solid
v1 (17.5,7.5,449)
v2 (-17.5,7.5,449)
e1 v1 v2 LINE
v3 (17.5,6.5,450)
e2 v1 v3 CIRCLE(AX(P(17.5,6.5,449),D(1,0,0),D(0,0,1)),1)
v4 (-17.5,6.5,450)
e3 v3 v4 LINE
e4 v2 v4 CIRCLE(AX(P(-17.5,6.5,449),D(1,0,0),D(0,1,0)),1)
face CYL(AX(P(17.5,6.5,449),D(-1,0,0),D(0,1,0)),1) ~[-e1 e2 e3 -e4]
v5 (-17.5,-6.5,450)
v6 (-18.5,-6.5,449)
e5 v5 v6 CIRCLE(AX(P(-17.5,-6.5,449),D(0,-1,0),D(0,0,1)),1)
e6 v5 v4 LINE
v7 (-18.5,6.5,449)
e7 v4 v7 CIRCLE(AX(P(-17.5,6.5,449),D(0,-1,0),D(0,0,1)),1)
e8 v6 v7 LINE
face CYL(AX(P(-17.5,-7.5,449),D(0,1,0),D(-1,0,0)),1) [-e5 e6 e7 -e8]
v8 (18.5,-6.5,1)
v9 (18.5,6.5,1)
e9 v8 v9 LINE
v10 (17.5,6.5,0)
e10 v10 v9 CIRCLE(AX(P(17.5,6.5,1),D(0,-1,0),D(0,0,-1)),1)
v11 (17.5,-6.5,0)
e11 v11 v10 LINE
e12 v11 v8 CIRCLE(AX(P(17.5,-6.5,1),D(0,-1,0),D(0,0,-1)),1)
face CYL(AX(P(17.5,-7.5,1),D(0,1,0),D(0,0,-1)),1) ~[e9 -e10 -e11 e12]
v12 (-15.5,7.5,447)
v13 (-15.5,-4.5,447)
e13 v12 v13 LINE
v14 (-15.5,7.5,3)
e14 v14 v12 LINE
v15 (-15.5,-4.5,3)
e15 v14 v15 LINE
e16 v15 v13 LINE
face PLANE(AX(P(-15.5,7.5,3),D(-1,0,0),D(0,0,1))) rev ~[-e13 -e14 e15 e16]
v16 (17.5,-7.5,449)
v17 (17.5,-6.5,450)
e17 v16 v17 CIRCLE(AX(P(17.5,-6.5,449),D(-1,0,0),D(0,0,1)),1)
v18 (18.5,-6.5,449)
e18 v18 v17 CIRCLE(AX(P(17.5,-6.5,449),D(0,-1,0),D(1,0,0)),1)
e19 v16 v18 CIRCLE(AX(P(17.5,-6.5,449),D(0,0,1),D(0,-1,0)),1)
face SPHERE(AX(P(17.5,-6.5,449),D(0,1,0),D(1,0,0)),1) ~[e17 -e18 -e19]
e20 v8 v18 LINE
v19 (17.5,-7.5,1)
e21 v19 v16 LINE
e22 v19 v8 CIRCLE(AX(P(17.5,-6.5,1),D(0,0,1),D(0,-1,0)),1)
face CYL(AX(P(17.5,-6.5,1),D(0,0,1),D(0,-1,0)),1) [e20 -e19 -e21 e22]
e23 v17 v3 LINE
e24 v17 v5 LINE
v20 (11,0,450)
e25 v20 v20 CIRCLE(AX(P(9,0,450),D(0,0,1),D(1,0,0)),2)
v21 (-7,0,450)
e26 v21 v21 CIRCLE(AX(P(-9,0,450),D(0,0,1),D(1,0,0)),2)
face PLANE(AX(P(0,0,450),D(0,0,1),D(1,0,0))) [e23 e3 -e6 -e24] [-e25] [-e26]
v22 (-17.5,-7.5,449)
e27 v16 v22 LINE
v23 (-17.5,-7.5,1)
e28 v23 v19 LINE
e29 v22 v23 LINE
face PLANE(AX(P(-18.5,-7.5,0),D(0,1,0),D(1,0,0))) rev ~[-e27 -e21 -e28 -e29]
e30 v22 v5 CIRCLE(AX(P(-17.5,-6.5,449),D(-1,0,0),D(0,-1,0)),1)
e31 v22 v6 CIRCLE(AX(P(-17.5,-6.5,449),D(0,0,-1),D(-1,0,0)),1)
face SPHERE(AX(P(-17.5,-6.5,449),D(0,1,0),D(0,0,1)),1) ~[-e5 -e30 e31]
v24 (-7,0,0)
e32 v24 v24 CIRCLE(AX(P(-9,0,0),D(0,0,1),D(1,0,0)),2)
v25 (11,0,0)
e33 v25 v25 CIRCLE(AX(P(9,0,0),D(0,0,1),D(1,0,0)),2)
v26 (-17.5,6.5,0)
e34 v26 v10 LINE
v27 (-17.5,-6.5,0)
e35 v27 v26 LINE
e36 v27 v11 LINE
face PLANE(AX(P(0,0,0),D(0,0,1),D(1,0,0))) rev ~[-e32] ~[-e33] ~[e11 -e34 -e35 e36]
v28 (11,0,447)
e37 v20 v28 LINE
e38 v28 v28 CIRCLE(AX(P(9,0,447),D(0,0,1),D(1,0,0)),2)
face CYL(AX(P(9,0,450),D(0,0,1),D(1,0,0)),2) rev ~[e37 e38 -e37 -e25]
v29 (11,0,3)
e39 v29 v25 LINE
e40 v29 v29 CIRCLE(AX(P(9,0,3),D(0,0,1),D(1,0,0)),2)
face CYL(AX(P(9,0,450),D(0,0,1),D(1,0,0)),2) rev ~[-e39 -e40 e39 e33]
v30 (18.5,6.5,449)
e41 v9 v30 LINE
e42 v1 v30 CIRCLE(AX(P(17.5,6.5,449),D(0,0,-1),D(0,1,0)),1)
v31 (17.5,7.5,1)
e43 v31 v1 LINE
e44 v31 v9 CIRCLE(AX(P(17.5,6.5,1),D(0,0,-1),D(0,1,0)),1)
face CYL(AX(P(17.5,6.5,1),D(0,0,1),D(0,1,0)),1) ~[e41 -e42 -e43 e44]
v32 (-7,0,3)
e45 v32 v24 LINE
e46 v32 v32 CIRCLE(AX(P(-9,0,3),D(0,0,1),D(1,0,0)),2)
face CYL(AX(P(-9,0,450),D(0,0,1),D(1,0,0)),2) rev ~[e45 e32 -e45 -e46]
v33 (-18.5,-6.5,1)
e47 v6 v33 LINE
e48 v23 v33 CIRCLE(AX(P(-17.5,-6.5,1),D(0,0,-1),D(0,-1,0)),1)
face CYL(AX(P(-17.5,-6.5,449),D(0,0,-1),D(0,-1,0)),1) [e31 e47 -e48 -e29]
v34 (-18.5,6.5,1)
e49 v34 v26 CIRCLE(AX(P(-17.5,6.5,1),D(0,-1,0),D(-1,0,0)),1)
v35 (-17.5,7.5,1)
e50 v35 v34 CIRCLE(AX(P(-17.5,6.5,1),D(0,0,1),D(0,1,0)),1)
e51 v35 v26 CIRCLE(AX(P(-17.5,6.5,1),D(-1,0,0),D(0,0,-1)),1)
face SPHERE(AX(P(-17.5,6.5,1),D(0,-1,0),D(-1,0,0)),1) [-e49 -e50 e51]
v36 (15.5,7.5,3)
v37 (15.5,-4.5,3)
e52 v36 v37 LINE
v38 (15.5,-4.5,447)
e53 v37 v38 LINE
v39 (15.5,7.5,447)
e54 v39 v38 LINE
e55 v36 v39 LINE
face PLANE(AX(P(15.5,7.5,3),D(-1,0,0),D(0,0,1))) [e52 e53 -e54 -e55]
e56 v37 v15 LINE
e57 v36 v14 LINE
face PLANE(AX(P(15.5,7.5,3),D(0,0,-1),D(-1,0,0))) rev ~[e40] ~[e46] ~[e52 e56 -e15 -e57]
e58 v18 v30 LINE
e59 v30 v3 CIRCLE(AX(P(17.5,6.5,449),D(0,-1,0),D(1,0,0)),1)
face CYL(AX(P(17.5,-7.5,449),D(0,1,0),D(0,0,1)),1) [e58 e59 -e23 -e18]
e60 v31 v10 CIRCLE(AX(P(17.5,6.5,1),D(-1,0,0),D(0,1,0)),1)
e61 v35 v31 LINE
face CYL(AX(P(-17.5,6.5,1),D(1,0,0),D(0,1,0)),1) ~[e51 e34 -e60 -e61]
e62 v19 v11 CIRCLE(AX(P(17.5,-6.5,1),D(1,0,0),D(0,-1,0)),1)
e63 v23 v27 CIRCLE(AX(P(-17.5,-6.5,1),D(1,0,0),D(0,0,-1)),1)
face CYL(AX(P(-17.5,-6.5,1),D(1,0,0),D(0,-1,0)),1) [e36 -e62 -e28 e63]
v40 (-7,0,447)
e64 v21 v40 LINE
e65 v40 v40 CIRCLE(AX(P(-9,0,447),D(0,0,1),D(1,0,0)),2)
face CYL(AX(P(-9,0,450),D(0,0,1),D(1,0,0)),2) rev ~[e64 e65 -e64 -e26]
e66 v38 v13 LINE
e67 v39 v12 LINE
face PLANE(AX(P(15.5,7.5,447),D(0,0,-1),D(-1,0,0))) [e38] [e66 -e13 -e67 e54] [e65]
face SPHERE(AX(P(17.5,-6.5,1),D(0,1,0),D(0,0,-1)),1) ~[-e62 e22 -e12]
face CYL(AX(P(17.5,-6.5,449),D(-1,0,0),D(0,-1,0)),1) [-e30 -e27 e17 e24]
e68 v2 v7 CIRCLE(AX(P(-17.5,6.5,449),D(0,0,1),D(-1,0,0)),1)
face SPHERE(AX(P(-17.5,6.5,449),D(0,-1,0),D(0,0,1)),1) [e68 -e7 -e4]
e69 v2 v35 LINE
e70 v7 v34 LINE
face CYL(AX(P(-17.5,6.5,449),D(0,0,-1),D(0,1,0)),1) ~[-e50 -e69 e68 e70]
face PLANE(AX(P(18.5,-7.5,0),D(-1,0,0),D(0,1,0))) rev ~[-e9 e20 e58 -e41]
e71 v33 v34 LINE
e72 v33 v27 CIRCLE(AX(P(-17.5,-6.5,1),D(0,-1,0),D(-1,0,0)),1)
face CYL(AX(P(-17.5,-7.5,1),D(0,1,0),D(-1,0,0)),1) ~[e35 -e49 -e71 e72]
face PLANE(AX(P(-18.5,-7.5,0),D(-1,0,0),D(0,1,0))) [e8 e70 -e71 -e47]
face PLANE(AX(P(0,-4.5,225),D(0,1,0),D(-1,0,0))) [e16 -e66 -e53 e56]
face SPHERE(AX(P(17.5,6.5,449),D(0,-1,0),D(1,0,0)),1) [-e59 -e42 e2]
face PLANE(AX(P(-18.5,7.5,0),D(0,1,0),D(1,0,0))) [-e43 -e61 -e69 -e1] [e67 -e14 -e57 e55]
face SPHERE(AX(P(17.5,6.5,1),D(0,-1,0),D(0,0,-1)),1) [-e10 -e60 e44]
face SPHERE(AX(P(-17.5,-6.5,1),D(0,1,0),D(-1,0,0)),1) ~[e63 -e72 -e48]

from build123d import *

# Parameters (mm, degrees)
F0_W     = 37
F0_H     = 15
F1_DEPTH = 450
F2_W     = 31
F2_H     = 444
F3_DEPTH = 12
F4_R     = 2
F5_DEPTH = 450.001
F6_R     = 1
F7_R     = 1


with BuildPart() as f1:
    # F0 (on Top) → F1 (new body)
    with BuildSketch(Plane.XY):
        Rectangle(F0_W, F0_H)
    extrude(amount=F1_DEPTH)

    # F2 (on face) → F3 (cut)
    with BuildSketch(Plane(origin=(0, 7.5, 0), x_dir=(-1, 0, 0), z_dir=(0, 1, 0))):
        with Locations((0, 225)):
            Rectangle(F2_W, F2_H)
    extrude(amount=-F3_DEPTH, mode=Mode.SUBTRACT)

    # F4 (on face) → F5 (cut, through all)
    with BuildSketch(Plane.XY.offset(450)):
        with Locations((9, 0)):
            Circle(F4_R)
        with Locations((-9, 0)):
            Circle(F4_R)
    extrude(amount=-F5_DEPTH, mode=Mode.SUBTRACT)

    # F6
    f6_edges = [f1.edges().sort_by_distance(p)[0] for p in [
        (-18.5, 0, 450),
        (18.5, 0, 450),
        (-18.5, 0, 0),
        (18.5, 0, 0),
    ]]
    fillet(f6_edges, radius=F6_R)

    # F7
    f7_edges = [f1.edges().sort_by_distance(p)[0] for p in [
        (18.5, -7.5, 225),
        (18.5, 7.5, 225),
    ]]
    fillet(f7_edges, radius=F7_R)


solid = f1.part
